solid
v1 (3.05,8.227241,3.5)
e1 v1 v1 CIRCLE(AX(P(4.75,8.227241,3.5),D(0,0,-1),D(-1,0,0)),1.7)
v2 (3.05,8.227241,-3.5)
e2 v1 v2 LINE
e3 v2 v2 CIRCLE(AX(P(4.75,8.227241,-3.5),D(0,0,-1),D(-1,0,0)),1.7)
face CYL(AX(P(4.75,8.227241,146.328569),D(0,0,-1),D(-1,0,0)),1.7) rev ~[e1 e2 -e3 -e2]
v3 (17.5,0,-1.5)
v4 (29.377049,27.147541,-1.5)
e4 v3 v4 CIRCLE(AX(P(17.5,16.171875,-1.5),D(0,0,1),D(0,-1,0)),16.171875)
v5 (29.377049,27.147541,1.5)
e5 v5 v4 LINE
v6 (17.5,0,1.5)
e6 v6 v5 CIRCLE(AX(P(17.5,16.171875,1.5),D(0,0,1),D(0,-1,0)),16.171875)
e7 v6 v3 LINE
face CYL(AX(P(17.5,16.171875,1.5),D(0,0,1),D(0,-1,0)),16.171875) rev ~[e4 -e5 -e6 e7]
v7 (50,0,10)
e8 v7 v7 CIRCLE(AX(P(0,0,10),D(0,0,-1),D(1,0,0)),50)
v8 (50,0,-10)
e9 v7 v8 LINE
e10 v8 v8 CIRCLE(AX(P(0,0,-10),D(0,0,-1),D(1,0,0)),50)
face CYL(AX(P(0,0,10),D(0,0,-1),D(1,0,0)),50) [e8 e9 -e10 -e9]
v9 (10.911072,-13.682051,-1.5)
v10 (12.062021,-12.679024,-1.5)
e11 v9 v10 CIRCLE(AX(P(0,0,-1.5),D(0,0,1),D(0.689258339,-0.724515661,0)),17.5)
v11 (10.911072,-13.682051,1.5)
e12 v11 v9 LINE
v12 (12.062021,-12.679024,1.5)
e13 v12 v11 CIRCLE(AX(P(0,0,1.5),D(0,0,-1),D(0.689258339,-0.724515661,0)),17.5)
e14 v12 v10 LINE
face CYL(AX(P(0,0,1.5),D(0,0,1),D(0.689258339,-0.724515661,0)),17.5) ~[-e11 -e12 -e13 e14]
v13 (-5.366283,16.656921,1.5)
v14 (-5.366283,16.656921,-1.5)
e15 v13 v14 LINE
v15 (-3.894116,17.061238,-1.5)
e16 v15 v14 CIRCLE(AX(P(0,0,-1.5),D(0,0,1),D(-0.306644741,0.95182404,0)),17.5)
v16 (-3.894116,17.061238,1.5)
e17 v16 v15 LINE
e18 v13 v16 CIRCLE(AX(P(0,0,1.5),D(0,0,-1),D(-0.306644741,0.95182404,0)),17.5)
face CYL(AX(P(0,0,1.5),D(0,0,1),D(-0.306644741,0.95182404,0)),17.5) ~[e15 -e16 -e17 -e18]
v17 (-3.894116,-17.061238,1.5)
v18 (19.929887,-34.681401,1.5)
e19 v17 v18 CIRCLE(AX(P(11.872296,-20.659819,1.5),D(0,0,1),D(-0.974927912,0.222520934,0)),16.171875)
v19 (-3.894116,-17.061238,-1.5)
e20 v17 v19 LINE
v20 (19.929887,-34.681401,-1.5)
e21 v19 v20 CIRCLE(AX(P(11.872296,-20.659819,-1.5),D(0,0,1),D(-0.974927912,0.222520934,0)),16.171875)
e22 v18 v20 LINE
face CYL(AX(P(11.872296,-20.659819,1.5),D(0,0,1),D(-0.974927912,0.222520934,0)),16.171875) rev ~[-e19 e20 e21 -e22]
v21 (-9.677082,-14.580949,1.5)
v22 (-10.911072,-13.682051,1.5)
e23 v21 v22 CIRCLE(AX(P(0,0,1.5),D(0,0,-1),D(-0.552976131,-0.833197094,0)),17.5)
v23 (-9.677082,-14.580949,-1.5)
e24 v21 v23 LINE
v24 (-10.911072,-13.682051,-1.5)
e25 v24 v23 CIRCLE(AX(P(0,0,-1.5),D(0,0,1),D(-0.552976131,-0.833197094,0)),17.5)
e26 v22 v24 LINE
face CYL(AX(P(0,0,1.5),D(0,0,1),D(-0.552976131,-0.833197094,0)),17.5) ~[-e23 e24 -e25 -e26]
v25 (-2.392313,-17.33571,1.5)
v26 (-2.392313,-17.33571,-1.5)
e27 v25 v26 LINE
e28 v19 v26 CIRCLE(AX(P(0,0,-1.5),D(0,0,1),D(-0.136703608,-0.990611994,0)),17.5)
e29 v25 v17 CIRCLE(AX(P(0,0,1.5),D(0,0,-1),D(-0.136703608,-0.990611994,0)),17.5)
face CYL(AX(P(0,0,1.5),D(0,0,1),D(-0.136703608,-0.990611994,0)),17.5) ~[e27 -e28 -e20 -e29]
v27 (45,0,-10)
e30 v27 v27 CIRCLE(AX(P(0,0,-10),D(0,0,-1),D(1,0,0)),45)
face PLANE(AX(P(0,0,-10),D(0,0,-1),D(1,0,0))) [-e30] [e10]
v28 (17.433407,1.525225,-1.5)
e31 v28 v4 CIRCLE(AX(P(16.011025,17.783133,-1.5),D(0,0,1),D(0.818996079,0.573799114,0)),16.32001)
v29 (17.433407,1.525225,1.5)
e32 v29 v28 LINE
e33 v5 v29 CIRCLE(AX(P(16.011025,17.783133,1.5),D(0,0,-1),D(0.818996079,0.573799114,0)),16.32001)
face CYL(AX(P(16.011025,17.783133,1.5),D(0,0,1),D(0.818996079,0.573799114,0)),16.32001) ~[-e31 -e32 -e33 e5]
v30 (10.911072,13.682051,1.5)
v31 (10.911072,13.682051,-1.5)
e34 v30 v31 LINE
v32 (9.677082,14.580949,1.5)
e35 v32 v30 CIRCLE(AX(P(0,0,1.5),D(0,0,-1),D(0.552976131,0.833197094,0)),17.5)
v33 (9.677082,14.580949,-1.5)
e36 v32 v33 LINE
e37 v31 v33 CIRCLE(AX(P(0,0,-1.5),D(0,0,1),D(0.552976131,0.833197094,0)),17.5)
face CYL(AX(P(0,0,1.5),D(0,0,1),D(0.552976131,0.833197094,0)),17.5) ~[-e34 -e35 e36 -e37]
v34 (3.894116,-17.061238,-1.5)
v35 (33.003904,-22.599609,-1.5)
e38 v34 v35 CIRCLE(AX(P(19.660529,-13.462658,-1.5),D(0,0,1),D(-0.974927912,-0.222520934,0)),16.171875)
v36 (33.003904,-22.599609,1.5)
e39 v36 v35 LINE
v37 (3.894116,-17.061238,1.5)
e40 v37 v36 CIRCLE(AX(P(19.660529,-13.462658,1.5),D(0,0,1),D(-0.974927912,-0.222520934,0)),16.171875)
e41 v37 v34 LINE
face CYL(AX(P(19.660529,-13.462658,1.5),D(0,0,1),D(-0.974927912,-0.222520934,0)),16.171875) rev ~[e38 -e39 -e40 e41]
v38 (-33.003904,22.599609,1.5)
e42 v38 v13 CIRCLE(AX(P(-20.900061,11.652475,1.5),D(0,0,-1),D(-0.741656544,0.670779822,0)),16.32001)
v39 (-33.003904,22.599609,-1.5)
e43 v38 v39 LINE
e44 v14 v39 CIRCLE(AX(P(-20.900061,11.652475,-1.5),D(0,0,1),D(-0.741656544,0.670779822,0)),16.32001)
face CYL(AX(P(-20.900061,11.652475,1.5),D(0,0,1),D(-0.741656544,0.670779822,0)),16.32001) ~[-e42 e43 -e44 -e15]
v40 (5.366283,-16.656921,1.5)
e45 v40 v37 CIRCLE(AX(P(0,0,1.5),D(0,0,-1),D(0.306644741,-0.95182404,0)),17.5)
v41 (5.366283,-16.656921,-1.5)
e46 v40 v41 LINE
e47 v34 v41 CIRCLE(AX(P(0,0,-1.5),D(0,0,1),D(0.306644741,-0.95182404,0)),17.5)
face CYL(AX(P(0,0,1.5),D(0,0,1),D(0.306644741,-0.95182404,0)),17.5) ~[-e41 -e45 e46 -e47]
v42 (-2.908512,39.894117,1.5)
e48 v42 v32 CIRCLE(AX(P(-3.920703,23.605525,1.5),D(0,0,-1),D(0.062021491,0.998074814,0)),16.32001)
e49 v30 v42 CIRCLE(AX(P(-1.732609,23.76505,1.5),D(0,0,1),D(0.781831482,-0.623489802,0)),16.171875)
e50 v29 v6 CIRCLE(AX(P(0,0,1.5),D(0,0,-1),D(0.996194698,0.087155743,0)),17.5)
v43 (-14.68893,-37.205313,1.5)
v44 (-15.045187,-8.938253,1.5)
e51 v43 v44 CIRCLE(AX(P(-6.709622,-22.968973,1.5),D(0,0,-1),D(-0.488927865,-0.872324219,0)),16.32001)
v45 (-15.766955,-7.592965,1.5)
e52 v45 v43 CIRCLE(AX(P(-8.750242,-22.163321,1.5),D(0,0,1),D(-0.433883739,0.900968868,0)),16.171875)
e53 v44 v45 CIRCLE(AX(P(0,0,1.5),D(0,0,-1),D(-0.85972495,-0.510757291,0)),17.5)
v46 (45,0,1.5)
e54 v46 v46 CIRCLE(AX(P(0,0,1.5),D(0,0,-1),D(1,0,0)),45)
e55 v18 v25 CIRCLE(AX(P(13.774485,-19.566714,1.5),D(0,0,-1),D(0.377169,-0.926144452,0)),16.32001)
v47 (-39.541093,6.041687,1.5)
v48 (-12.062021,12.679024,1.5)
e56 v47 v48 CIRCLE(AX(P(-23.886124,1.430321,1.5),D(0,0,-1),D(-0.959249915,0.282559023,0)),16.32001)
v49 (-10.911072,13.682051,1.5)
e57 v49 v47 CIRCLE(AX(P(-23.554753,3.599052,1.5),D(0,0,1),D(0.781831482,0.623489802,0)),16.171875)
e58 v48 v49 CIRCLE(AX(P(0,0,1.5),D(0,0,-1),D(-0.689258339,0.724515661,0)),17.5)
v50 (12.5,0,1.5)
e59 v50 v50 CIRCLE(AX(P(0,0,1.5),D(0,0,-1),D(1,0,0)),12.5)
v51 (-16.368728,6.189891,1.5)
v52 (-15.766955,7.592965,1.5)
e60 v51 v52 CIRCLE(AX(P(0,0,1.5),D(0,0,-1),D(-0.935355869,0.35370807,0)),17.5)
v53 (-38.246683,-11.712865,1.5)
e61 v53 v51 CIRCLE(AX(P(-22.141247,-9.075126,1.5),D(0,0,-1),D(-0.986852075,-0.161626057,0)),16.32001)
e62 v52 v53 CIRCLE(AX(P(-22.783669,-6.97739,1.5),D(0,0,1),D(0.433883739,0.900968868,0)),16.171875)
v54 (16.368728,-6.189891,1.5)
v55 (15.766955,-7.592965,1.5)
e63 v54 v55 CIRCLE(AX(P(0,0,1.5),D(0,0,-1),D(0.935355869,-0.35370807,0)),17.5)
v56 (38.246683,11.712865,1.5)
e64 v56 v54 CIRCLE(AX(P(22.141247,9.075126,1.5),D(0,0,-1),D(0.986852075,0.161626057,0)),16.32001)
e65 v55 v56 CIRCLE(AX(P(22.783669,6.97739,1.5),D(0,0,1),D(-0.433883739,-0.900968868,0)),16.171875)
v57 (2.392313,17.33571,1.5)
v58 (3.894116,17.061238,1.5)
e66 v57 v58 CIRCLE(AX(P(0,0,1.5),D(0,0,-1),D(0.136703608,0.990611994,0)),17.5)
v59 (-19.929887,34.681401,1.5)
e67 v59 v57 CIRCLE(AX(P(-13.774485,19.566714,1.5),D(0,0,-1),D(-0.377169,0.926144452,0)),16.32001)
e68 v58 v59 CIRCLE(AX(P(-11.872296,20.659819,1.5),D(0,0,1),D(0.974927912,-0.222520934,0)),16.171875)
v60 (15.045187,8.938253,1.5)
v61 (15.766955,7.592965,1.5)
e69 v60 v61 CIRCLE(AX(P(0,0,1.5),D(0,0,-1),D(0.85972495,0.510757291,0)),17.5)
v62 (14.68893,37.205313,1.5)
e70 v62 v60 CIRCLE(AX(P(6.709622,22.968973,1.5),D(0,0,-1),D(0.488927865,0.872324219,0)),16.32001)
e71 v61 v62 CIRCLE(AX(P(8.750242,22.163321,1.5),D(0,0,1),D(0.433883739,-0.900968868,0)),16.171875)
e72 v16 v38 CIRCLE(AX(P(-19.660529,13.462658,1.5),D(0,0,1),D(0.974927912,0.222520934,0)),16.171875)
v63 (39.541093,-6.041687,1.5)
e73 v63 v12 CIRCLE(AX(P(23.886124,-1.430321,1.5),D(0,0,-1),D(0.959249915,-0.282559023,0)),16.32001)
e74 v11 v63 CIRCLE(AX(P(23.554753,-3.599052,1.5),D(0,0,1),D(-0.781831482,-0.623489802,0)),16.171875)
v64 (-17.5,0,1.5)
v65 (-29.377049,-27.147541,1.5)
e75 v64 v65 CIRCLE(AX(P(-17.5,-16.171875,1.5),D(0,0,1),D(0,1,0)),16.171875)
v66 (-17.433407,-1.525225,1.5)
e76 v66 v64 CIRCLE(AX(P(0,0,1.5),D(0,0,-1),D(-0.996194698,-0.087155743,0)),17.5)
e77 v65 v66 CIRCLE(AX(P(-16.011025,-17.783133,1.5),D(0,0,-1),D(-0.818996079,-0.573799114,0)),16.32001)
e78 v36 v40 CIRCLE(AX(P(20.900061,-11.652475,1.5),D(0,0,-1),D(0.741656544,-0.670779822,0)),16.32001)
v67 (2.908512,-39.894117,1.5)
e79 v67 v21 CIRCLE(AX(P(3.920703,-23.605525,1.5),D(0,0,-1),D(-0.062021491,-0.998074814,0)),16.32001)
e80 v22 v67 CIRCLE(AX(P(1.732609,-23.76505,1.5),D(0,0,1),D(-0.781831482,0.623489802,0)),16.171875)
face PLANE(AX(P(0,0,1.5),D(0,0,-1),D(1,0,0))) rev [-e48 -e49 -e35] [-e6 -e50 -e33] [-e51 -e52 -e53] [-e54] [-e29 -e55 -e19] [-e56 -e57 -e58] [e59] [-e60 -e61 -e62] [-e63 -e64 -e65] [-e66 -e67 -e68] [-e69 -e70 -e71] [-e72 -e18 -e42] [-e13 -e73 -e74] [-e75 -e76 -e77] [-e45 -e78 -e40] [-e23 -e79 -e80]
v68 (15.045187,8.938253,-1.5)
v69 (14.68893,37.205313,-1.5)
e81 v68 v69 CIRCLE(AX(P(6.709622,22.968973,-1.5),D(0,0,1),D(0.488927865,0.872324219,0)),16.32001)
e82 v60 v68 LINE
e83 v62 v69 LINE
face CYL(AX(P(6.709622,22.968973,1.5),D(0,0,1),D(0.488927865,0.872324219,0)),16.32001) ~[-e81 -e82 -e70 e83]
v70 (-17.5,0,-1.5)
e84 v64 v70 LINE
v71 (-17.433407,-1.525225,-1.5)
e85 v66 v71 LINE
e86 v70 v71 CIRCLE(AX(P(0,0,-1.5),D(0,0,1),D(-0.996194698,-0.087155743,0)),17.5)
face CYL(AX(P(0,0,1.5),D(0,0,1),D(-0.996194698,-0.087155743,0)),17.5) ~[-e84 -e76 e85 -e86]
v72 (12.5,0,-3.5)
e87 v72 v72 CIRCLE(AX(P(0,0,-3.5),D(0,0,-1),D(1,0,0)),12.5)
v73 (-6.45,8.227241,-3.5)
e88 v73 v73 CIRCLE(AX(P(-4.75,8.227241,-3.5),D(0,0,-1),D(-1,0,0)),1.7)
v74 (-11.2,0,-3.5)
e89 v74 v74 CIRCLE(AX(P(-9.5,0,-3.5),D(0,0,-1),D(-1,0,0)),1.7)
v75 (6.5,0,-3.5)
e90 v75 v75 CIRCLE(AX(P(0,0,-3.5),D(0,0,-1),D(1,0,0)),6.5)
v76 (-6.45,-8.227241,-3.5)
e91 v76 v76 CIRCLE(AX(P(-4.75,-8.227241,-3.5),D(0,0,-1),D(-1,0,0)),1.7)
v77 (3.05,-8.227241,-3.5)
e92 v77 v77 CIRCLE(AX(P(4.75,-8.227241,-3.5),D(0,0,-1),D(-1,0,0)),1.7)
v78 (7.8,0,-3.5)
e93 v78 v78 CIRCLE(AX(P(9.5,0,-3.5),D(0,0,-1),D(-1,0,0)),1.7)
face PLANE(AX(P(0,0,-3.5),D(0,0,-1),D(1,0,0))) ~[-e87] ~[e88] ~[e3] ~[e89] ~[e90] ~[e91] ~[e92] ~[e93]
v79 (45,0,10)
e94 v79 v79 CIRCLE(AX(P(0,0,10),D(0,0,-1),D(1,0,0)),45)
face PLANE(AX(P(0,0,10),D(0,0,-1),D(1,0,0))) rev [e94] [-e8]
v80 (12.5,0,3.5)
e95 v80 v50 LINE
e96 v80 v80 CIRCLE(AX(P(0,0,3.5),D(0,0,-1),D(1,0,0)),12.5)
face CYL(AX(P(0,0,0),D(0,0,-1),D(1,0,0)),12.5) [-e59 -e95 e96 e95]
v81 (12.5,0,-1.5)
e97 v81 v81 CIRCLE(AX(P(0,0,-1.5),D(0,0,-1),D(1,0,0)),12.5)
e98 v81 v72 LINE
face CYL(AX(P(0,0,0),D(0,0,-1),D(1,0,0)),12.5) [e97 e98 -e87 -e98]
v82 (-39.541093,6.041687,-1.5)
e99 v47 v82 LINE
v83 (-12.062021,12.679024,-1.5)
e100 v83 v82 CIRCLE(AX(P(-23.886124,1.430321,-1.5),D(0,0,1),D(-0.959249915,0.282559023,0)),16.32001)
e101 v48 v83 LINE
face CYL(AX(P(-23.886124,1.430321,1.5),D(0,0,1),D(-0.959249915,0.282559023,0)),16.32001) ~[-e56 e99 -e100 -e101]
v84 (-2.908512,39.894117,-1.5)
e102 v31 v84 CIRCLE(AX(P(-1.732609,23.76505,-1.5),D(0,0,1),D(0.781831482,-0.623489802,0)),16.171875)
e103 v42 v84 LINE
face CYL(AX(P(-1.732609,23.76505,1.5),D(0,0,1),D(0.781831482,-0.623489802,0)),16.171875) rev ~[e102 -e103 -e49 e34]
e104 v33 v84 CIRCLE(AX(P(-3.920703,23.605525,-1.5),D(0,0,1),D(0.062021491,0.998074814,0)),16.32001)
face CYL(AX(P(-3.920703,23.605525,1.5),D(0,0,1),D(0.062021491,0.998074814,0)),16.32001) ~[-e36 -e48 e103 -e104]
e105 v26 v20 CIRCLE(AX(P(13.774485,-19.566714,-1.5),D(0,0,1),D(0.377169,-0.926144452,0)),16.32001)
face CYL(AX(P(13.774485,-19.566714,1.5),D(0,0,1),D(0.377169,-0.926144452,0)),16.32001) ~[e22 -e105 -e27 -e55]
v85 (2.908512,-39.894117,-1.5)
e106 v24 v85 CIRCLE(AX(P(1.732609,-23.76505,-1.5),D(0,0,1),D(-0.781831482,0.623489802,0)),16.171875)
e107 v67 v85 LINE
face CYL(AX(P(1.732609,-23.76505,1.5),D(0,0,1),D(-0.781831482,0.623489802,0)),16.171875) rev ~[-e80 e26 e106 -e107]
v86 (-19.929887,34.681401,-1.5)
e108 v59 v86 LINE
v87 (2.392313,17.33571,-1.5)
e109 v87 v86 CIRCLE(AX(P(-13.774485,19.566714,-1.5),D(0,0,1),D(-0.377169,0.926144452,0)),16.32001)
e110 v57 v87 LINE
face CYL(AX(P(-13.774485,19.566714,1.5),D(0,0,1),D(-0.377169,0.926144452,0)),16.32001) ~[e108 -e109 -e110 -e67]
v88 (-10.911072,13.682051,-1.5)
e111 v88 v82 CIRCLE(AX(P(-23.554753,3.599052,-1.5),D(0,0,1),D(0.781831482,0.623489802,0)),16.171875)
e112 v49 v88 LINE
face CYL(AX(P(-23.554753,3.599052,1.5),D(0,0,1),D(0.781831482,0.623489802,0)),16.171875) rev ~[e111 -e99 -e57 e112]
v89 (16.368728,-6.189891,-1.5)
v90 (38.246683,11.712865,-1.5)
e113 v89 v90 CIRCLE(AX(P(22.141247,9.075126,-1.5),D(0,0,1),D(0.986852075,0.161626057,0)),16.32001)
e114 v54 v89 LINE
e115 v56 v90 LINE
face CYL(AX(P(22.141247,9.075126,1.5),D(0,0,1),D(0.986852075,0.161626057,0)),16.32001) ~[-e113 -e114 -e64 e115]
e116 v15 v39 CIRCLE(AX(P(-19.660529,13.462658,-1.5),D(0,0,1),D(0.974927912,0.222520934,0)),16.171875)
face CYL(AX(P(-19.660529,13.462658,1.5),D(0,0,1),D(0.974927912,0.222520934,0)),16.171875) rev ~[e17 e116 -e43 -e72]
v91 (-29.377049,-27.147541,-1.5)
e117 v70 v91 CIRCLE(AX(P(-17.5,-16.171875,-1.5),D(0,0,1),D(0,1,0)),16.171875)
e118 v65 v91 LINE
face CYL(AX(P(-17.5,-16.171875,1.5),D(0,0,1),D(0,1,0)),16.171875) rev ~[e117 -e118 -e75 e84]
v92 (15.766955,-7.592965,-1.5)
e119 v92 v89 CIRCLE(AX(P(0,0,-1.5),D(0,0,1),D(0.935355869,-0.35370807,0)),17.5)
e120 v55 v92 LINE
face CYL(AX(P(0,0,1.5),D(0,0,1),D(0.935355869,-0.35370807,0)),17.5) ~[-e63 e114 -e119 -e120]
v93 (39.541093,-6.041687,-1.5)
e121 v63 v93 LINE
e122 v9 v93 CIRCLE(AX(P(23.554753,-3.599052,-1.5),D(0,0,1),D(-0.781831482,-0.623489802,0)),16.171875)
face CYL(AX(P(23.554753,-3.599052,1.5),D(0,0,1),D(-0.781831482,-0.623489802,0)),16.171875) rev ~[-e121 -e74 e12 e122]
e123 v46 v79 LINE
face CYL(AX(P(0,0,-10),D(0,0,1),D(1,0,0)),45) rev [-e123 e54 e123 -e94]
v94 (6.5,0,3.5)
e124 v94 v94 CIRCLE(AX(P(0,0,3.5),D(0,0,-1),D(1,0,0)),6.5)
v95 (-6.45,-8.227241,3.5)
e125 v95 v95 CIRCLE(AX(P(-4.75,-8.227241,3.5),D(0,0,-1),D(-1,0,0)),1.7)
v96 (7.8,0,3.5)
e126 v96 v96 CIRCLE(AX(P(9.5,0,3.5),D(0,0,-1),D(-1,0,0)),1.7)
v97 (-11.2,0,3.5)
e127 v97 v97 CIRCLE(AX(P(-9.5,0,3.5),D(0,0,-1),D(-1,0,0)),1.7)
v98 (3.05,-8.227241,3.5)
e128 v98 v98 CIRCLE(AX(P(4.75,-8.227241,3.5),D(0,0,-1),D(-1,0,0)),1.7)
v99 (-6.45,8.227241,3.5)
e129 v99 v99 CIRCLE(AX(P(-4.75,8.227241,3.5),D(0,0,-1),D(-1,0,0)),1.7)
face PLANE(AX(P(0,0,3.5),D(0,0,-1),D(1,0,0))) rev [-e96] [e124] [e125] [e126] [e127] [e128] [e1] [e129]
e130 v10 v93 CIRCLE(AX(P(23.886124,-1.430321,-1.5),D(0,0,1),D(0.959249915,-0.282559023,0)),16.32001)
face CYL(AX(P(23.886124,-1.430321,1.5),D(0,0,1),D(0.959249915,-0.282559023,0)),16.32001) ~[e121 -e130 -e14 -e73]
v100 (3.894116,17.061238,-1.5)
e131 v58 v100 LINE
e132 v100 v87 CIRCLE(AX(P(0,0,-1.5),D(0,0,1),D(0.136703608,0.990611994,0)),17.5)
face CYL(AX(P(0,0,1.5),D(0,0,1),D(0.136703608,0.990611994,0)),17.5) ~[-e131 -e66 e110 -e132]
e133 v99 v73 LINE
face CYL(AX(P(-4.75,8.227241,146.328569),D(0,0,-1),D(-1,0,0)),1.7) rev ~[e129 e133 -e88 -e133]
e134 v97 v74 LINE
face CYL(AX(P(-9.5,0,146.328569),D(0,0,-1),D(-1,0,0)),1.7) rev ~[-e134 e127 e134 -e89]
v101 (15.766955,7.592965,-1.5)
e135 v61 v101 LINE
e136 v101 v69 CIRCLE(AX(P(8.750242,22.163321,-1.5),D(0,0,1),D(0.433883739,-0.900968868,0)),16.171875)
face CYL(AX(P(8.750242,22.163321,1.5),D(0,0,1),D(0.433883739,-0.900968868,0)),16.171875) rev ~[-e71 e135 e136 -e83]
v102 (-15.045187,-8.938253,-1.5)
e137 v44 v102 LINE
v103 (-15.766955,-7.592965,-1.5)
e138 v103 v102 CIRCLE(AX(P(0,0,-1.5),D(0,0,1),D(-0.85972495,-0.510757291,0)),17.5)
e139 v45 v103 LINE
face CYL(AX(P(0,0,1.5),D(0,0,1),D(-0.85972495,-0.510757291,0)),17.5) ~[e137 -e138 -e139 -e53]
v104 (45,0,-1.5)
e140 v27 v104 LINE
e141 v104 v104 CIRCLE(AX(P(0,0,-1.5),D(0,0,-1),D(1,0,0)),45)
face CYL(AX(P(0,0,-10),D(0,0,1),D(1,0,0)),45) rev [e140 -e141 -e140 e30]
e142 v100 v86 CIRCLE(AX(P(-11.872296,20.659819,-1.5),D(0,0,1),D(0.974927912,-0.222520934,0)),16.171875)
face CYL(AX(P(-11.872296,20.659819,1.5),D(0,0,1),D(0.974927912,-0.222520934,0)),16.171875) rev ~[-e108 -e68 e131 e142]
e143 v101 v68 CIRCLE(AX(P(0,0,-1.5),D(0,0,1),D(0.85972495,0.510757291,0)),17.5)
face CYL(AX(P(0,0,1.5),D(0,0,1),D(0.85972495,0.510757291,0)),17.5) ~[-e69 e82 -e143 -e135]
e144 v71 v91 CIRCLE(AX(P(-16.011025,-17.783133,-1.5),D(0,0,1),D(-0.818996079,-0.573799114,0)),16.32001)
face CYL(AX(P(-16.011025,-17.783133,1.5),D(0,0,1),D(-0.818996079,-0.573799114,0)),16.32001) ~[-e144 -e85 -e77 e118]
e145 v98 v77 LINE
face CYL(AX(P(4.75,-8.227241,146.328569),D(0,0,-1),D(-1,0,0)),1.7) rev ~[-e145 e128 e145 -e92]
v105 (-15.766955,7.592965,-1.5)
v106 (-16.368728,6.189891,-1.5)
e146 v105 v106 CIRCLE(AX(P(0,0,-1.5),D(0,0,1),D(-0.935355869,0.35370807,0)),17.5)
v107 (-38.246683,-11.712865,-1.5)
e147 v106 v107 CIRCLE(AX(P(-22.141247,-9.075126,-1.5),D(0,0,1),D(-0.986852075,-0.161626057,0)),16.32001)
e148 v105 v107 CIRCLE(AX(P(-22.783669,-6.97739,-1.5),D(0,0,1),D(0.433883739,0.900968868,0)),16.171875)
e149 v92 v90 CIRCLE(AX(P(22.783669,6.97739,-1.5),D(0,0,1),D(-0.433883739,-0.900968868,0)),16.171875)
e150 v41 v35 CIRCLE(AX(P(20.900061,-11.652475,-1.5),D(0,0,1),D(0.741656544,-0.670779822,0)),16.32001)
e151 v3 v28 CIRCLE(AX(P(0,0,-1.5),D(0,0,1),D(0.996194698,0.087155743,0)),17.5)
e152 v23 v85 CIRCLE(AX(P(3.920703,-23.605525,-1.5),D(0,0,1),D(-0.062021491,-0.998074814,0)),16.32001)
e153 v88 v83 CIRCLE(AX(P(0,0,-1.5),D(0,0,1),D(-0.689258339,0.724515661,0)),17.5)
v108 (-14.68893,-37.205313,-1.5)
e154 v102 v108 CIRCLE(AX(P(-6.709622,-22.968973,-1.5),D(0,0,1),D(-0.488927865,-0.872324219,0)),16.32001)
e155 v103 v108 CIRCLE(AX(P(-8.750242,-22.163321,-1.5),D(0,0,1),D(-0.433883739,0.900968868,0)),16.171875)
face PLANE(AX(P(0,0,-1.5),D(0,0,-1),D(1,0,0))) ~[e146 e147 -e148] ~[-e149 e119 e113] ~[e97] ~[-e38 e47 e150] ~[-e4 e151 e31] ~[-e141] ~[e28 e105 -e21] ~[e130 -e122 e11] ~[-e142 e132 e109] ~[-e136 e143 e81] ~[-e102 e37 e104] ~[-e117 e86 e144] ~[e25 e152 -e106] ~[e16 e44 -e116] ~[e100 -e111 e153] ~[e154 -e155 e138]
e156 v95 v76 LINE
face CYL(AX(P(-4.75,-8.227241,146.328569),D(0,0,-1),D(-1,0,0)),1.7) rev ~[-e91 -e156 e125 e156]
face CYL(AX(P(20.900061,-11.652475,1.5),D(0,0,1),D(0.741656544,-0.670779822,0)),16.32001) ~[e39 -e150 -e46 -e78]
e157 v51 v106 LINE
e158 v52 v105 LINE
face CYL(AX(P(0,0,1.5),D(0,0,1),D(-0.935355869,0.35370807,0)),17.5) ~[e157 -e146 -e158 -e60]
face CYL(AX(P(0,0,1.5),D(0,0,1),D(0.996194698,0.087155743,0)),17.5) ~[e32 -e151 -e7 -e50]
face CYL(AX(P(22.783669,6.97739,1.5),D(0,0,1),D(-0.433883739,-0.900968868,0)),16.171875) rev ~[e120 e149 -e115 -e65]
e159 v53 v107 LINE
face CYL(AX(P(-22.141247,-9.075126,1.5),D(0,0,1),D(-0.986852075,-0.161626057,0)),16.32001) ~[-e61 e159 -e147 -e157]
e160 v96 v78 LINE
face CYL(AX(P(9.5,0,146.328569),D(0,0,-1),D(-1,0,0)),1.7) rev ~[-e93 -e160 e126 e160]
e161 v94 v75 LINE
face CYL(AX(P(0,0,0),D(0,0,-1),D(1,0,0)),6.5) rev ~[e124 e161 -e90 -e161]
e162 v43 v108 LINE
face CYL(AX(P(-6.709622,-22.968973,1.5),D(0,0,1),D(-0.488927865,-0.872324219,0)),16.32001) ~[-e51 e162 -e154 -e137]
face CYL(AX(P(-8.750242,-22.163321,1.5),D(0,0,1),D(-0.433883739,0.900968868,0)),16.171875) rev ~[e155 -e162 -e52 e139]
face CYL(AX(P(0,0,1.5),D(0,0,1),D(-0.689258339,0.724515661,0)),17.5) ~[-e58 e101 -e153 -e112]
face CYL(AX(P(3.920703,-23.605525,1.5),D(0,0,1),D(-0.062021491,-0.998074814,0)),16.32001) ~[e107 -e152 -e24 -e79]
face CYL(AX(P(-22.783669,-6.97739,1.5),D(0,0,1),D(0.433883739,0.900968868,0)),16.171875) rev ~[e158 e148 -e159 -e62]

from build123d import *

# Parameters (mm, degrees)
SKETCH1_W            = 32.5
SKETCH1_H            = 3
SKETCH1_W_2          = 6
SKETCH1_H_2          = 7
M3_CLEARANCE_HOLE1_D = 3.4
CUT_EXTRUDE1_DEPTH   = 12.5
CIRPATTERN1_COUNT    = 14


with BuildPart() as part:
    # Sketch1 → Revolve1 (revolve)
    with BuildSketch(Plane(origin=(0, 0, 0), x_dir=(1, 0, 0), z_dir=(0, 1, 0))):
        Polygon((45, 1.5), (45, -1.5), (45, -10), (50, -10), (50, 10), (45, 10), align=None)
        with Locations((28.75, 0)):
            Rectangle(SKETCH1_W, SKETCH1_H)
        with Locations((9.5, 0)):
            Rectangle(SKETCH1_W_2, SKETCH1_H_2)
    revolve(axis=Axis((0, 0, 77.742212382), (0, 0, -1)))

    # M3 Clearance Hole1 (through all)
    with Locations(Plane.XY.offset(3.5)):
        with Locations((-4.75, 8.227241336), (4.75, 8.227241336), (9.5, 0), (4.75, -8.227241336), (-4.75, -8.227241336), (-9.5, 0)):
            Hole(M3_CLEARANCE_HOLE1_D / 2)

    # Sketch5 → Cut-Extrude1 (cut, through all)
    with BuildSketch(Plane.XY.offset(1.5)):
        with BuildLine():
            ThreePointArc((17.433407217, 1.525225498), (17.483343878, 0.763339279), (17.5, 0))
            ThreePointArc((17.5, 0), (32.3159819, 9.689882919), (29.37704918, 27.147540984))
            ThreePointArc((29.37704918, 27.147540984), (30.802914583, 10.888009592), (17.433407217, 1.525225498))
        make_face()
    cut_extrude1 = extrude(amount=-CUT_EXTRUDE1_DEPTH, mode=Mode.SUBTRACT)

    # CirPattern1: Cut-Extrude1 ×14 about axis
    cirpattern1_axis = Axis((0, 0, 0), (0, 0, 1))
    for i in range(1, CIRPATTERN1_COUNT):
        add(cut_extrude1.rotate(cirpattern1_axis, i * 360 / CIRPATTERN1_COUNT), mode=Mode.SUBTRACT)


solid = part.part
